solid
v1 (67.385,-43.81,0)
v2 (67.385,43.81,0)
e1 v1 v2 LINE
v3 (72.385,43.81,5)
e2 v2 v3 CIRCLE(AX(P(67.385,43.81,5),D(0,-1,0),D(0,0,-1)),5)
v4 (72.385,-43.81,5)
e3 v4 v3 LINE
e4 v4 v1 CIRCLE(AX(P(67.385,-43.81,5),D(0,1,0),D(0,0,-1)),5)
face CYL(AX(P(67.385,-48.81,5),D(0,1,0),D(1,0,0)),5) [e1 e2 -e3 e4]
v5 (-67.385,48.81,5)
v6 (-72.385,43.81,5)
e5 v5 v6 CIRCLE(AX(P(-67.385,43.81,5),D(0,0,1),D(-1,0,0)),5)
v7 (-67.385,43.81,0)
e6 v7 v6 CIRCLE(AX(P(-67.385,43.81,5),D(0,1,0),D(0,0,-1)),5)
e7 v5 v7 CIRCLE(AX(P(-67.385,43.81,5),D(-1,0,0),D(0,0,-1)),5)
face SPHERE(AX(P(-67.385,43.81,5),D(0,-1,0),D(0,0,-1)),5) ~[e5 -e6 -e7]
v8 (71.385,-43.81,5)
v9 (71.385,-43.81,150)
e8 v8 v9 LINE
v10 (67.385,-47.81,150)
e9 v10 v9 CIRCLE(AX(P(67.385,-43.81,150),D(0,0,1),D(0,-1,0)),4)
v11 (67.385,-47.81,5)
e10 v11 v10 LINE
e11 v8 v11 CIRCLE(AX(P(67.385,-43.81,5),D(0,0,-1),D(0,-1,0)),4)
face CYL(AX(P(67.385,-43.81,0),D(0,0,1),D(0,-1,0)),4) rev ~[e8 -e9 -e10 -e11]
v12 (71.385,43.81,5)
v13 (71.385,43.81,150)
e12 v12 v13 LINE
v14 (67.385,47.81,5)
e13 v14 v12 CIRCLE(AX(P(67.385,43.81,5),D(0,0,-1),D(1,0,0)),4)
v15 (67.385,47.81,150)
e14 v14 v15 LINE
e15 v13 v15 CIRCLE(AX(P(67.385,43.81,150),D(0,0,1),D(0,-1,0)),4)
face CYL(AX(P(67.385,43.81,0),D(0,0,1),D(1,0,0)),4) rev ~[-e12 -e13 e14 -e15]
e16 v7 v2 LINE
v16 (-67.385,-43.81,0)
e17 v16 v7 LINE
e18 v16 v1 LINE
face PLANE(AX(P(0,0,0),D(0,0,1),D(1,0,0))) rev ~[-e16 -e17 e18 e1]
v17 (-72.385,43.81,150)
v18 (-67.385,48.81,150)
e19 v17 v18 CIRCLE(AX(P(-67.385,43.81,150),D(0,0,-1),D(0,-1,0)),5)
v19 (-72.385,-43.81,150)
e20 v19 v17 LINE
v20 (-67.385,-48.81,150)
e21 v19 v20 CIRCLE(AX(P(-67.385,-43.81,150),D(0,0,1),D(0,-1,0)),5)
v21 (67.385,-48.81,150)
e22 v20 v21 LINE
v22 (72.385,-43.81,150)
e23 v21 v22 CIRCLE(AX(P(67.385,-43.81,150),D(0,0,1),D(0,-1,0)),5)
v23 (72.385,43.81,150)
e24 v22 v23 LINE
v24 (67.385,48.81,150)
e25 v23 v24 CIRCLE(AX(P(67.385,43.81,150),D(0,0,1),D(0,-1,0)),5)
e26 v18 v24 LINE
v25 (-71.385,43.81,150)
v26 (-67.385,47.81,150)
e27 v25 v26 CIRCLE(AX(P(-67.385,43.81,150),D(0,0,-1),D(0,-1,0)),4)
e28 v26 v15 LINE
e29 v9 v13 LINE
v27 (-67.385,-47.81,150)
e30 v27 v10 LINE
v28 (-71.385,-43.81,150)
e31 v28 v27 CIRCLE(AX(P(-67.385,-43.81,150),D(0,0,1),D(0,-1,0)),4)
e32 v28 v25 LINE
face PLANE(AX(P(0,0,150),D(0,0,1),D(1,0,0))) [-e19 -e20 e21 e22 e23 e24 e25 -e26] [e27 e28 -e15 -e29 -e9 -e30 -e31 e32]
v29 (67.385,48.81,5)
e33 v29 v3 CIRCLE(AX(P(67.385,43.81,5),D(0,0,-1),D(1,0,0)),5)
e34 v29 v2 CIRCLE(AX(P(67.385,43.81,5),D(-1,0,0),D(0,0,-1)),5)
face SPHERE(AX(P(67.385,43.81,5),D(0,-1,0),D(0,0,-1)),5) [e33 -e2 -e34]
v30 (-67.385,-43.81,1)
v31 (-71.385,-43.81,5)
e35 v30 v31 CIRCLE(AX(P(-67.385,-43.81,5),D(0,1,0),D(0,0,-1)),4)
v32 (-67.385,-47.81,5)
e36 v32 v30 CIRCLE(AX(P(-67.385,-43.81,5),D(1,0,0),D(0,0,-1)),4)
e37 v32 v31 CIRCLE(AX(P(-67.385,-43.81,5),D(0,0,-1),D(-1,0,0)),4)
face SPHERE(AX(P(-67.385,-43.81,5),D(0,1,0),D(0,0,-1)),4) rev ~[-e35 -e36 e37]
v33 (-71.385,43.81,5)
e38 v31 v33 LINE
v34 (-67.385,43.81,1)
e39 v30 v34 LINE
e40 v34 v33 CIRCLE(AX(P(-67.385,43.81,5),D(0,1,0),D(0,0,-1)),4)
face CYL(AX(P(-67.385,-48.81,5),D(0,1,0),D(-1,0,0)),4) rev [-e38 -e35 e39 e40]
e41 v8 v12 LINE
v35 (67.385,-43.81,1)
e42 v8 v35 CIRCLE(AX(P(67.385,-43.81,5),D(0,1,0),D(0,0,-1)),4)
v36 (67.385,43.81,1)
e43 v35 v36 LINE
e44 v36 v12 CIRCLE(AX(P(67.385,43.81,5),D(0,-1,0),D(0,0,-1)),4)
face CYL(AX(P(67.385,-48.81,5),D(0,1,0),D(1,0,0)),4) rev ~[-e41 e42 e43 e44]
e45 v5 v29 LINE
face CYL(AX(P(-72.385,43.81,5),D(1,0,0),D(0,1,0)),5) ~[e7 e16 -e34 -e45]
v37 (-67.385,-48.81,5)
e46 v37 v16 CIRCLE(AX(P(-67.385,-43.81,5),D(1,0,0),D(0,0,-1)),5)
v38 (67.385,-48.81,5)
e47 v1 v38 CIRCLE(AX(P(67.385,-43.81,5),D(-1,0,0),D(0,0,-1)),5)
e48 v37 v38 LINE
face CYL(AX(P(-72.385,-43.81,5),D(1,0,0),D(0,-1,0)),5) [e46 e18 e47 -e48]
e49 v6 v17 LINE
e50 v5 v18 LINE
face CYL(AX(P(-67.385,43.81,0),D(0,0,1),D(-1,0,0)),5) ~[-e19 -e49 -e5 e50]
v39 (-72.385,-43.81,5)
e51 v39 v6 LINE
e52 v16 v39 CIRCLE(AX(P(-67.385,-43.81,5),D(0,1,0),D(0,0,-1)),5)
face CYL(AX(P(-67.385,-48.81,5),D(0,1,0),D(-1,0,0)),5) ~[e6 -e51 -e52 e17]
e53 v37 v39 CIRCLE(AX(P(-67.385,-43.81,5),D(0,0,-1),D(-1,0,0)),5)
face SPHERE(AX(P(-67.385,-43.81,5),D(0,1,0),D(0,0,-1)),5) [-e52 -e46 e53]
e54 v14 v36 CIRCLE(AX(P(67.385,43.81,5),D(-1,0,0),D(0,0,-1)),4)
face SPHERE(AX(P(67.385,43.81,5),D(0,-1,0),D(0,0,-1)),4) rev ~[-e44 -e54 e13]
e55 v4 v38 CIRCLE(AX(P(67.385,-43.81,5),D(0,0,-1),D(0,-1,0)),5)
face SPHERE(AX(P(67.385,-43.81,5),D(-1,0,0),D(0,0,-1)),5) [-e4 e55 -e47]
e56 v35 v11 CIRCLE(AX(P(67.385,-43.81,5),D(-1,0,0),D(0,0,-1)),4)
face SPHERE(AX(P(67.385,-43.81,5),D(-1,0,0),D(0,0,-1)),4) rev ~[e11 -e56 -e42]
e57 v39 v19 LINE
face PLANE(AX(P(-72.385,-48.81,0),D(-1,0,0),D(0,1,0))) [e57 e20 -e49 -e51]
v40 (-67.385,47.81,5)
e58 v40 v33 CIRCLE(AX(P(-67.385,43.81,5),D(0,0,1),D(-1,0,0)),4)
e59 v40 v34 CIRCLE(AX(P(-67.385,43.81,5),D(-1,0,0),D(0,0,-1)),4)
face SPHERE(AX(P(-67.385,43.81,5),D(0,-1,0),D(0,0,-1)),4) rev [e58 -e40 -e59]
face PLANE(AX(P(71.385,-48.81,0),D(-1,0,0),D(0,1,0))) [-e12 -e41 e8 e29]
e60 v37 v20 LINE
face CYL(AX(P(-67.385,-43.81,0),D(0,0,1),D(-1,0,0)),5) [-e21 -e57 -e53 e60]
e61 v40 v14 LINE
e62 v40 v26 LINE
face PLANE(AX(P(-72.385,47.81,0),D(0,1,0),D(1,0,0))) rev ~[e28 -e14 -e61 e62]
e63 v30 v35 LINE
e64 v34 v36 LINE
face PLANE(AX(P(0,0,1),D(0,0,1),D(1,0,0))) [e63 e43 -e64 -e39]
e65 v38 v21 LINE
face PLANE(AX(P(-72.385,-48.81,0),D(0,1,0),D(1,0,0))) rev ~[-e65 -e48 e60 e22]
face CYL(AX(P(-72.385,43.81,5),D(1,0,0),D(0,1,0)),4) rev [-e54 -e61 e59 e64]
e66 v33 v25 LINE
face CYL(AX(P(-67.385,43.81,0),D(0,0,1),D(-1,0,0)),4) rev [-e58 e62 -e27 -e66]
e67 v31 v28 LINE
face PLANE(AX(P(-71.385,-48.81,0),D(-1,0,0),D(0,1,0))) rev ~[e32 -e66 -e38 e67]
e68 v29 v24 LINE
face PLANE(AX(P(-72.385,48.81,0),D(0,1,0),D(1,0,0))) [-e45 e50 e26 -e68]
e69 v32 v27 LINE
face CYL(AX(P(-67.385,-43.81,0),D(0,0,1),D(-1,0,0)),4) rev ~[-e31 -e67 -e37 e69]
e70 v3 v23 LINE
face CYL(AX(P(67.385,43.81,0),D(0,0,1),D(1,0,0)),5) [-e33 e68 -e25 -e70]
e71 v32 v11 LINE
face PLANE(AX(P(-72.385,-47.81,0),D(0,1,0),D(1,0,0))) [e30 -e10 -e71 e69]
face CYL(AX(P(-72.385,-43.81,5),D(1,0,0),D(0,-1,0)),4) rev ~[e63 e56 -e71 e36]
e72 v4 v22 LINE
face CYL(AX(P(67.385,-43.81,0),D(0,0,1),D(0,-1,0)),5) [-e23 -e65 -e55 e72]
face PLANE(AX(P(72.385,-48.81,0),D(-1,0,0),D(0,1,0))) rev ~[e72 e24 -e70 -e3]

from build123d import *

# Parameters (mm, degrees)
F0_W     = 144.77
F0_H     = 97.62
F1_DEPTH = 150
F2_R     = 5
F3_T     = -1


with BuildPart() as f1:
    # F0 (on Top) → F1 (new body)
    with BuildSketch(Plane.XY):
        Rectangle(F0_W, F0_H)
    extrude(amount=F1_DEPTH)

    # F2
    f2_edges = [f1.edges().sort_by_distance(p)[0] for p in [
        (-72.385, 0, 0),
        (0, -48.81, 0),
        (72.385, 0, 0),
        (0, 48.81, 0),
        (-72.385, -48.81, 75),
        (-72.385, 48.81, 75),
        (72.385, -48.81, 75),
        (72.385, 48.81, 75),
    ]]
    fillet(f2_edges, radius=F2_R)

    # F3
    f3_openings = [f1.faces().sort_by_distance(p)[0] for p in [
        (0, 0, 150),
    ]]
    offset(amount=F3_T, openings=f3_openings)


solid = f1.part
